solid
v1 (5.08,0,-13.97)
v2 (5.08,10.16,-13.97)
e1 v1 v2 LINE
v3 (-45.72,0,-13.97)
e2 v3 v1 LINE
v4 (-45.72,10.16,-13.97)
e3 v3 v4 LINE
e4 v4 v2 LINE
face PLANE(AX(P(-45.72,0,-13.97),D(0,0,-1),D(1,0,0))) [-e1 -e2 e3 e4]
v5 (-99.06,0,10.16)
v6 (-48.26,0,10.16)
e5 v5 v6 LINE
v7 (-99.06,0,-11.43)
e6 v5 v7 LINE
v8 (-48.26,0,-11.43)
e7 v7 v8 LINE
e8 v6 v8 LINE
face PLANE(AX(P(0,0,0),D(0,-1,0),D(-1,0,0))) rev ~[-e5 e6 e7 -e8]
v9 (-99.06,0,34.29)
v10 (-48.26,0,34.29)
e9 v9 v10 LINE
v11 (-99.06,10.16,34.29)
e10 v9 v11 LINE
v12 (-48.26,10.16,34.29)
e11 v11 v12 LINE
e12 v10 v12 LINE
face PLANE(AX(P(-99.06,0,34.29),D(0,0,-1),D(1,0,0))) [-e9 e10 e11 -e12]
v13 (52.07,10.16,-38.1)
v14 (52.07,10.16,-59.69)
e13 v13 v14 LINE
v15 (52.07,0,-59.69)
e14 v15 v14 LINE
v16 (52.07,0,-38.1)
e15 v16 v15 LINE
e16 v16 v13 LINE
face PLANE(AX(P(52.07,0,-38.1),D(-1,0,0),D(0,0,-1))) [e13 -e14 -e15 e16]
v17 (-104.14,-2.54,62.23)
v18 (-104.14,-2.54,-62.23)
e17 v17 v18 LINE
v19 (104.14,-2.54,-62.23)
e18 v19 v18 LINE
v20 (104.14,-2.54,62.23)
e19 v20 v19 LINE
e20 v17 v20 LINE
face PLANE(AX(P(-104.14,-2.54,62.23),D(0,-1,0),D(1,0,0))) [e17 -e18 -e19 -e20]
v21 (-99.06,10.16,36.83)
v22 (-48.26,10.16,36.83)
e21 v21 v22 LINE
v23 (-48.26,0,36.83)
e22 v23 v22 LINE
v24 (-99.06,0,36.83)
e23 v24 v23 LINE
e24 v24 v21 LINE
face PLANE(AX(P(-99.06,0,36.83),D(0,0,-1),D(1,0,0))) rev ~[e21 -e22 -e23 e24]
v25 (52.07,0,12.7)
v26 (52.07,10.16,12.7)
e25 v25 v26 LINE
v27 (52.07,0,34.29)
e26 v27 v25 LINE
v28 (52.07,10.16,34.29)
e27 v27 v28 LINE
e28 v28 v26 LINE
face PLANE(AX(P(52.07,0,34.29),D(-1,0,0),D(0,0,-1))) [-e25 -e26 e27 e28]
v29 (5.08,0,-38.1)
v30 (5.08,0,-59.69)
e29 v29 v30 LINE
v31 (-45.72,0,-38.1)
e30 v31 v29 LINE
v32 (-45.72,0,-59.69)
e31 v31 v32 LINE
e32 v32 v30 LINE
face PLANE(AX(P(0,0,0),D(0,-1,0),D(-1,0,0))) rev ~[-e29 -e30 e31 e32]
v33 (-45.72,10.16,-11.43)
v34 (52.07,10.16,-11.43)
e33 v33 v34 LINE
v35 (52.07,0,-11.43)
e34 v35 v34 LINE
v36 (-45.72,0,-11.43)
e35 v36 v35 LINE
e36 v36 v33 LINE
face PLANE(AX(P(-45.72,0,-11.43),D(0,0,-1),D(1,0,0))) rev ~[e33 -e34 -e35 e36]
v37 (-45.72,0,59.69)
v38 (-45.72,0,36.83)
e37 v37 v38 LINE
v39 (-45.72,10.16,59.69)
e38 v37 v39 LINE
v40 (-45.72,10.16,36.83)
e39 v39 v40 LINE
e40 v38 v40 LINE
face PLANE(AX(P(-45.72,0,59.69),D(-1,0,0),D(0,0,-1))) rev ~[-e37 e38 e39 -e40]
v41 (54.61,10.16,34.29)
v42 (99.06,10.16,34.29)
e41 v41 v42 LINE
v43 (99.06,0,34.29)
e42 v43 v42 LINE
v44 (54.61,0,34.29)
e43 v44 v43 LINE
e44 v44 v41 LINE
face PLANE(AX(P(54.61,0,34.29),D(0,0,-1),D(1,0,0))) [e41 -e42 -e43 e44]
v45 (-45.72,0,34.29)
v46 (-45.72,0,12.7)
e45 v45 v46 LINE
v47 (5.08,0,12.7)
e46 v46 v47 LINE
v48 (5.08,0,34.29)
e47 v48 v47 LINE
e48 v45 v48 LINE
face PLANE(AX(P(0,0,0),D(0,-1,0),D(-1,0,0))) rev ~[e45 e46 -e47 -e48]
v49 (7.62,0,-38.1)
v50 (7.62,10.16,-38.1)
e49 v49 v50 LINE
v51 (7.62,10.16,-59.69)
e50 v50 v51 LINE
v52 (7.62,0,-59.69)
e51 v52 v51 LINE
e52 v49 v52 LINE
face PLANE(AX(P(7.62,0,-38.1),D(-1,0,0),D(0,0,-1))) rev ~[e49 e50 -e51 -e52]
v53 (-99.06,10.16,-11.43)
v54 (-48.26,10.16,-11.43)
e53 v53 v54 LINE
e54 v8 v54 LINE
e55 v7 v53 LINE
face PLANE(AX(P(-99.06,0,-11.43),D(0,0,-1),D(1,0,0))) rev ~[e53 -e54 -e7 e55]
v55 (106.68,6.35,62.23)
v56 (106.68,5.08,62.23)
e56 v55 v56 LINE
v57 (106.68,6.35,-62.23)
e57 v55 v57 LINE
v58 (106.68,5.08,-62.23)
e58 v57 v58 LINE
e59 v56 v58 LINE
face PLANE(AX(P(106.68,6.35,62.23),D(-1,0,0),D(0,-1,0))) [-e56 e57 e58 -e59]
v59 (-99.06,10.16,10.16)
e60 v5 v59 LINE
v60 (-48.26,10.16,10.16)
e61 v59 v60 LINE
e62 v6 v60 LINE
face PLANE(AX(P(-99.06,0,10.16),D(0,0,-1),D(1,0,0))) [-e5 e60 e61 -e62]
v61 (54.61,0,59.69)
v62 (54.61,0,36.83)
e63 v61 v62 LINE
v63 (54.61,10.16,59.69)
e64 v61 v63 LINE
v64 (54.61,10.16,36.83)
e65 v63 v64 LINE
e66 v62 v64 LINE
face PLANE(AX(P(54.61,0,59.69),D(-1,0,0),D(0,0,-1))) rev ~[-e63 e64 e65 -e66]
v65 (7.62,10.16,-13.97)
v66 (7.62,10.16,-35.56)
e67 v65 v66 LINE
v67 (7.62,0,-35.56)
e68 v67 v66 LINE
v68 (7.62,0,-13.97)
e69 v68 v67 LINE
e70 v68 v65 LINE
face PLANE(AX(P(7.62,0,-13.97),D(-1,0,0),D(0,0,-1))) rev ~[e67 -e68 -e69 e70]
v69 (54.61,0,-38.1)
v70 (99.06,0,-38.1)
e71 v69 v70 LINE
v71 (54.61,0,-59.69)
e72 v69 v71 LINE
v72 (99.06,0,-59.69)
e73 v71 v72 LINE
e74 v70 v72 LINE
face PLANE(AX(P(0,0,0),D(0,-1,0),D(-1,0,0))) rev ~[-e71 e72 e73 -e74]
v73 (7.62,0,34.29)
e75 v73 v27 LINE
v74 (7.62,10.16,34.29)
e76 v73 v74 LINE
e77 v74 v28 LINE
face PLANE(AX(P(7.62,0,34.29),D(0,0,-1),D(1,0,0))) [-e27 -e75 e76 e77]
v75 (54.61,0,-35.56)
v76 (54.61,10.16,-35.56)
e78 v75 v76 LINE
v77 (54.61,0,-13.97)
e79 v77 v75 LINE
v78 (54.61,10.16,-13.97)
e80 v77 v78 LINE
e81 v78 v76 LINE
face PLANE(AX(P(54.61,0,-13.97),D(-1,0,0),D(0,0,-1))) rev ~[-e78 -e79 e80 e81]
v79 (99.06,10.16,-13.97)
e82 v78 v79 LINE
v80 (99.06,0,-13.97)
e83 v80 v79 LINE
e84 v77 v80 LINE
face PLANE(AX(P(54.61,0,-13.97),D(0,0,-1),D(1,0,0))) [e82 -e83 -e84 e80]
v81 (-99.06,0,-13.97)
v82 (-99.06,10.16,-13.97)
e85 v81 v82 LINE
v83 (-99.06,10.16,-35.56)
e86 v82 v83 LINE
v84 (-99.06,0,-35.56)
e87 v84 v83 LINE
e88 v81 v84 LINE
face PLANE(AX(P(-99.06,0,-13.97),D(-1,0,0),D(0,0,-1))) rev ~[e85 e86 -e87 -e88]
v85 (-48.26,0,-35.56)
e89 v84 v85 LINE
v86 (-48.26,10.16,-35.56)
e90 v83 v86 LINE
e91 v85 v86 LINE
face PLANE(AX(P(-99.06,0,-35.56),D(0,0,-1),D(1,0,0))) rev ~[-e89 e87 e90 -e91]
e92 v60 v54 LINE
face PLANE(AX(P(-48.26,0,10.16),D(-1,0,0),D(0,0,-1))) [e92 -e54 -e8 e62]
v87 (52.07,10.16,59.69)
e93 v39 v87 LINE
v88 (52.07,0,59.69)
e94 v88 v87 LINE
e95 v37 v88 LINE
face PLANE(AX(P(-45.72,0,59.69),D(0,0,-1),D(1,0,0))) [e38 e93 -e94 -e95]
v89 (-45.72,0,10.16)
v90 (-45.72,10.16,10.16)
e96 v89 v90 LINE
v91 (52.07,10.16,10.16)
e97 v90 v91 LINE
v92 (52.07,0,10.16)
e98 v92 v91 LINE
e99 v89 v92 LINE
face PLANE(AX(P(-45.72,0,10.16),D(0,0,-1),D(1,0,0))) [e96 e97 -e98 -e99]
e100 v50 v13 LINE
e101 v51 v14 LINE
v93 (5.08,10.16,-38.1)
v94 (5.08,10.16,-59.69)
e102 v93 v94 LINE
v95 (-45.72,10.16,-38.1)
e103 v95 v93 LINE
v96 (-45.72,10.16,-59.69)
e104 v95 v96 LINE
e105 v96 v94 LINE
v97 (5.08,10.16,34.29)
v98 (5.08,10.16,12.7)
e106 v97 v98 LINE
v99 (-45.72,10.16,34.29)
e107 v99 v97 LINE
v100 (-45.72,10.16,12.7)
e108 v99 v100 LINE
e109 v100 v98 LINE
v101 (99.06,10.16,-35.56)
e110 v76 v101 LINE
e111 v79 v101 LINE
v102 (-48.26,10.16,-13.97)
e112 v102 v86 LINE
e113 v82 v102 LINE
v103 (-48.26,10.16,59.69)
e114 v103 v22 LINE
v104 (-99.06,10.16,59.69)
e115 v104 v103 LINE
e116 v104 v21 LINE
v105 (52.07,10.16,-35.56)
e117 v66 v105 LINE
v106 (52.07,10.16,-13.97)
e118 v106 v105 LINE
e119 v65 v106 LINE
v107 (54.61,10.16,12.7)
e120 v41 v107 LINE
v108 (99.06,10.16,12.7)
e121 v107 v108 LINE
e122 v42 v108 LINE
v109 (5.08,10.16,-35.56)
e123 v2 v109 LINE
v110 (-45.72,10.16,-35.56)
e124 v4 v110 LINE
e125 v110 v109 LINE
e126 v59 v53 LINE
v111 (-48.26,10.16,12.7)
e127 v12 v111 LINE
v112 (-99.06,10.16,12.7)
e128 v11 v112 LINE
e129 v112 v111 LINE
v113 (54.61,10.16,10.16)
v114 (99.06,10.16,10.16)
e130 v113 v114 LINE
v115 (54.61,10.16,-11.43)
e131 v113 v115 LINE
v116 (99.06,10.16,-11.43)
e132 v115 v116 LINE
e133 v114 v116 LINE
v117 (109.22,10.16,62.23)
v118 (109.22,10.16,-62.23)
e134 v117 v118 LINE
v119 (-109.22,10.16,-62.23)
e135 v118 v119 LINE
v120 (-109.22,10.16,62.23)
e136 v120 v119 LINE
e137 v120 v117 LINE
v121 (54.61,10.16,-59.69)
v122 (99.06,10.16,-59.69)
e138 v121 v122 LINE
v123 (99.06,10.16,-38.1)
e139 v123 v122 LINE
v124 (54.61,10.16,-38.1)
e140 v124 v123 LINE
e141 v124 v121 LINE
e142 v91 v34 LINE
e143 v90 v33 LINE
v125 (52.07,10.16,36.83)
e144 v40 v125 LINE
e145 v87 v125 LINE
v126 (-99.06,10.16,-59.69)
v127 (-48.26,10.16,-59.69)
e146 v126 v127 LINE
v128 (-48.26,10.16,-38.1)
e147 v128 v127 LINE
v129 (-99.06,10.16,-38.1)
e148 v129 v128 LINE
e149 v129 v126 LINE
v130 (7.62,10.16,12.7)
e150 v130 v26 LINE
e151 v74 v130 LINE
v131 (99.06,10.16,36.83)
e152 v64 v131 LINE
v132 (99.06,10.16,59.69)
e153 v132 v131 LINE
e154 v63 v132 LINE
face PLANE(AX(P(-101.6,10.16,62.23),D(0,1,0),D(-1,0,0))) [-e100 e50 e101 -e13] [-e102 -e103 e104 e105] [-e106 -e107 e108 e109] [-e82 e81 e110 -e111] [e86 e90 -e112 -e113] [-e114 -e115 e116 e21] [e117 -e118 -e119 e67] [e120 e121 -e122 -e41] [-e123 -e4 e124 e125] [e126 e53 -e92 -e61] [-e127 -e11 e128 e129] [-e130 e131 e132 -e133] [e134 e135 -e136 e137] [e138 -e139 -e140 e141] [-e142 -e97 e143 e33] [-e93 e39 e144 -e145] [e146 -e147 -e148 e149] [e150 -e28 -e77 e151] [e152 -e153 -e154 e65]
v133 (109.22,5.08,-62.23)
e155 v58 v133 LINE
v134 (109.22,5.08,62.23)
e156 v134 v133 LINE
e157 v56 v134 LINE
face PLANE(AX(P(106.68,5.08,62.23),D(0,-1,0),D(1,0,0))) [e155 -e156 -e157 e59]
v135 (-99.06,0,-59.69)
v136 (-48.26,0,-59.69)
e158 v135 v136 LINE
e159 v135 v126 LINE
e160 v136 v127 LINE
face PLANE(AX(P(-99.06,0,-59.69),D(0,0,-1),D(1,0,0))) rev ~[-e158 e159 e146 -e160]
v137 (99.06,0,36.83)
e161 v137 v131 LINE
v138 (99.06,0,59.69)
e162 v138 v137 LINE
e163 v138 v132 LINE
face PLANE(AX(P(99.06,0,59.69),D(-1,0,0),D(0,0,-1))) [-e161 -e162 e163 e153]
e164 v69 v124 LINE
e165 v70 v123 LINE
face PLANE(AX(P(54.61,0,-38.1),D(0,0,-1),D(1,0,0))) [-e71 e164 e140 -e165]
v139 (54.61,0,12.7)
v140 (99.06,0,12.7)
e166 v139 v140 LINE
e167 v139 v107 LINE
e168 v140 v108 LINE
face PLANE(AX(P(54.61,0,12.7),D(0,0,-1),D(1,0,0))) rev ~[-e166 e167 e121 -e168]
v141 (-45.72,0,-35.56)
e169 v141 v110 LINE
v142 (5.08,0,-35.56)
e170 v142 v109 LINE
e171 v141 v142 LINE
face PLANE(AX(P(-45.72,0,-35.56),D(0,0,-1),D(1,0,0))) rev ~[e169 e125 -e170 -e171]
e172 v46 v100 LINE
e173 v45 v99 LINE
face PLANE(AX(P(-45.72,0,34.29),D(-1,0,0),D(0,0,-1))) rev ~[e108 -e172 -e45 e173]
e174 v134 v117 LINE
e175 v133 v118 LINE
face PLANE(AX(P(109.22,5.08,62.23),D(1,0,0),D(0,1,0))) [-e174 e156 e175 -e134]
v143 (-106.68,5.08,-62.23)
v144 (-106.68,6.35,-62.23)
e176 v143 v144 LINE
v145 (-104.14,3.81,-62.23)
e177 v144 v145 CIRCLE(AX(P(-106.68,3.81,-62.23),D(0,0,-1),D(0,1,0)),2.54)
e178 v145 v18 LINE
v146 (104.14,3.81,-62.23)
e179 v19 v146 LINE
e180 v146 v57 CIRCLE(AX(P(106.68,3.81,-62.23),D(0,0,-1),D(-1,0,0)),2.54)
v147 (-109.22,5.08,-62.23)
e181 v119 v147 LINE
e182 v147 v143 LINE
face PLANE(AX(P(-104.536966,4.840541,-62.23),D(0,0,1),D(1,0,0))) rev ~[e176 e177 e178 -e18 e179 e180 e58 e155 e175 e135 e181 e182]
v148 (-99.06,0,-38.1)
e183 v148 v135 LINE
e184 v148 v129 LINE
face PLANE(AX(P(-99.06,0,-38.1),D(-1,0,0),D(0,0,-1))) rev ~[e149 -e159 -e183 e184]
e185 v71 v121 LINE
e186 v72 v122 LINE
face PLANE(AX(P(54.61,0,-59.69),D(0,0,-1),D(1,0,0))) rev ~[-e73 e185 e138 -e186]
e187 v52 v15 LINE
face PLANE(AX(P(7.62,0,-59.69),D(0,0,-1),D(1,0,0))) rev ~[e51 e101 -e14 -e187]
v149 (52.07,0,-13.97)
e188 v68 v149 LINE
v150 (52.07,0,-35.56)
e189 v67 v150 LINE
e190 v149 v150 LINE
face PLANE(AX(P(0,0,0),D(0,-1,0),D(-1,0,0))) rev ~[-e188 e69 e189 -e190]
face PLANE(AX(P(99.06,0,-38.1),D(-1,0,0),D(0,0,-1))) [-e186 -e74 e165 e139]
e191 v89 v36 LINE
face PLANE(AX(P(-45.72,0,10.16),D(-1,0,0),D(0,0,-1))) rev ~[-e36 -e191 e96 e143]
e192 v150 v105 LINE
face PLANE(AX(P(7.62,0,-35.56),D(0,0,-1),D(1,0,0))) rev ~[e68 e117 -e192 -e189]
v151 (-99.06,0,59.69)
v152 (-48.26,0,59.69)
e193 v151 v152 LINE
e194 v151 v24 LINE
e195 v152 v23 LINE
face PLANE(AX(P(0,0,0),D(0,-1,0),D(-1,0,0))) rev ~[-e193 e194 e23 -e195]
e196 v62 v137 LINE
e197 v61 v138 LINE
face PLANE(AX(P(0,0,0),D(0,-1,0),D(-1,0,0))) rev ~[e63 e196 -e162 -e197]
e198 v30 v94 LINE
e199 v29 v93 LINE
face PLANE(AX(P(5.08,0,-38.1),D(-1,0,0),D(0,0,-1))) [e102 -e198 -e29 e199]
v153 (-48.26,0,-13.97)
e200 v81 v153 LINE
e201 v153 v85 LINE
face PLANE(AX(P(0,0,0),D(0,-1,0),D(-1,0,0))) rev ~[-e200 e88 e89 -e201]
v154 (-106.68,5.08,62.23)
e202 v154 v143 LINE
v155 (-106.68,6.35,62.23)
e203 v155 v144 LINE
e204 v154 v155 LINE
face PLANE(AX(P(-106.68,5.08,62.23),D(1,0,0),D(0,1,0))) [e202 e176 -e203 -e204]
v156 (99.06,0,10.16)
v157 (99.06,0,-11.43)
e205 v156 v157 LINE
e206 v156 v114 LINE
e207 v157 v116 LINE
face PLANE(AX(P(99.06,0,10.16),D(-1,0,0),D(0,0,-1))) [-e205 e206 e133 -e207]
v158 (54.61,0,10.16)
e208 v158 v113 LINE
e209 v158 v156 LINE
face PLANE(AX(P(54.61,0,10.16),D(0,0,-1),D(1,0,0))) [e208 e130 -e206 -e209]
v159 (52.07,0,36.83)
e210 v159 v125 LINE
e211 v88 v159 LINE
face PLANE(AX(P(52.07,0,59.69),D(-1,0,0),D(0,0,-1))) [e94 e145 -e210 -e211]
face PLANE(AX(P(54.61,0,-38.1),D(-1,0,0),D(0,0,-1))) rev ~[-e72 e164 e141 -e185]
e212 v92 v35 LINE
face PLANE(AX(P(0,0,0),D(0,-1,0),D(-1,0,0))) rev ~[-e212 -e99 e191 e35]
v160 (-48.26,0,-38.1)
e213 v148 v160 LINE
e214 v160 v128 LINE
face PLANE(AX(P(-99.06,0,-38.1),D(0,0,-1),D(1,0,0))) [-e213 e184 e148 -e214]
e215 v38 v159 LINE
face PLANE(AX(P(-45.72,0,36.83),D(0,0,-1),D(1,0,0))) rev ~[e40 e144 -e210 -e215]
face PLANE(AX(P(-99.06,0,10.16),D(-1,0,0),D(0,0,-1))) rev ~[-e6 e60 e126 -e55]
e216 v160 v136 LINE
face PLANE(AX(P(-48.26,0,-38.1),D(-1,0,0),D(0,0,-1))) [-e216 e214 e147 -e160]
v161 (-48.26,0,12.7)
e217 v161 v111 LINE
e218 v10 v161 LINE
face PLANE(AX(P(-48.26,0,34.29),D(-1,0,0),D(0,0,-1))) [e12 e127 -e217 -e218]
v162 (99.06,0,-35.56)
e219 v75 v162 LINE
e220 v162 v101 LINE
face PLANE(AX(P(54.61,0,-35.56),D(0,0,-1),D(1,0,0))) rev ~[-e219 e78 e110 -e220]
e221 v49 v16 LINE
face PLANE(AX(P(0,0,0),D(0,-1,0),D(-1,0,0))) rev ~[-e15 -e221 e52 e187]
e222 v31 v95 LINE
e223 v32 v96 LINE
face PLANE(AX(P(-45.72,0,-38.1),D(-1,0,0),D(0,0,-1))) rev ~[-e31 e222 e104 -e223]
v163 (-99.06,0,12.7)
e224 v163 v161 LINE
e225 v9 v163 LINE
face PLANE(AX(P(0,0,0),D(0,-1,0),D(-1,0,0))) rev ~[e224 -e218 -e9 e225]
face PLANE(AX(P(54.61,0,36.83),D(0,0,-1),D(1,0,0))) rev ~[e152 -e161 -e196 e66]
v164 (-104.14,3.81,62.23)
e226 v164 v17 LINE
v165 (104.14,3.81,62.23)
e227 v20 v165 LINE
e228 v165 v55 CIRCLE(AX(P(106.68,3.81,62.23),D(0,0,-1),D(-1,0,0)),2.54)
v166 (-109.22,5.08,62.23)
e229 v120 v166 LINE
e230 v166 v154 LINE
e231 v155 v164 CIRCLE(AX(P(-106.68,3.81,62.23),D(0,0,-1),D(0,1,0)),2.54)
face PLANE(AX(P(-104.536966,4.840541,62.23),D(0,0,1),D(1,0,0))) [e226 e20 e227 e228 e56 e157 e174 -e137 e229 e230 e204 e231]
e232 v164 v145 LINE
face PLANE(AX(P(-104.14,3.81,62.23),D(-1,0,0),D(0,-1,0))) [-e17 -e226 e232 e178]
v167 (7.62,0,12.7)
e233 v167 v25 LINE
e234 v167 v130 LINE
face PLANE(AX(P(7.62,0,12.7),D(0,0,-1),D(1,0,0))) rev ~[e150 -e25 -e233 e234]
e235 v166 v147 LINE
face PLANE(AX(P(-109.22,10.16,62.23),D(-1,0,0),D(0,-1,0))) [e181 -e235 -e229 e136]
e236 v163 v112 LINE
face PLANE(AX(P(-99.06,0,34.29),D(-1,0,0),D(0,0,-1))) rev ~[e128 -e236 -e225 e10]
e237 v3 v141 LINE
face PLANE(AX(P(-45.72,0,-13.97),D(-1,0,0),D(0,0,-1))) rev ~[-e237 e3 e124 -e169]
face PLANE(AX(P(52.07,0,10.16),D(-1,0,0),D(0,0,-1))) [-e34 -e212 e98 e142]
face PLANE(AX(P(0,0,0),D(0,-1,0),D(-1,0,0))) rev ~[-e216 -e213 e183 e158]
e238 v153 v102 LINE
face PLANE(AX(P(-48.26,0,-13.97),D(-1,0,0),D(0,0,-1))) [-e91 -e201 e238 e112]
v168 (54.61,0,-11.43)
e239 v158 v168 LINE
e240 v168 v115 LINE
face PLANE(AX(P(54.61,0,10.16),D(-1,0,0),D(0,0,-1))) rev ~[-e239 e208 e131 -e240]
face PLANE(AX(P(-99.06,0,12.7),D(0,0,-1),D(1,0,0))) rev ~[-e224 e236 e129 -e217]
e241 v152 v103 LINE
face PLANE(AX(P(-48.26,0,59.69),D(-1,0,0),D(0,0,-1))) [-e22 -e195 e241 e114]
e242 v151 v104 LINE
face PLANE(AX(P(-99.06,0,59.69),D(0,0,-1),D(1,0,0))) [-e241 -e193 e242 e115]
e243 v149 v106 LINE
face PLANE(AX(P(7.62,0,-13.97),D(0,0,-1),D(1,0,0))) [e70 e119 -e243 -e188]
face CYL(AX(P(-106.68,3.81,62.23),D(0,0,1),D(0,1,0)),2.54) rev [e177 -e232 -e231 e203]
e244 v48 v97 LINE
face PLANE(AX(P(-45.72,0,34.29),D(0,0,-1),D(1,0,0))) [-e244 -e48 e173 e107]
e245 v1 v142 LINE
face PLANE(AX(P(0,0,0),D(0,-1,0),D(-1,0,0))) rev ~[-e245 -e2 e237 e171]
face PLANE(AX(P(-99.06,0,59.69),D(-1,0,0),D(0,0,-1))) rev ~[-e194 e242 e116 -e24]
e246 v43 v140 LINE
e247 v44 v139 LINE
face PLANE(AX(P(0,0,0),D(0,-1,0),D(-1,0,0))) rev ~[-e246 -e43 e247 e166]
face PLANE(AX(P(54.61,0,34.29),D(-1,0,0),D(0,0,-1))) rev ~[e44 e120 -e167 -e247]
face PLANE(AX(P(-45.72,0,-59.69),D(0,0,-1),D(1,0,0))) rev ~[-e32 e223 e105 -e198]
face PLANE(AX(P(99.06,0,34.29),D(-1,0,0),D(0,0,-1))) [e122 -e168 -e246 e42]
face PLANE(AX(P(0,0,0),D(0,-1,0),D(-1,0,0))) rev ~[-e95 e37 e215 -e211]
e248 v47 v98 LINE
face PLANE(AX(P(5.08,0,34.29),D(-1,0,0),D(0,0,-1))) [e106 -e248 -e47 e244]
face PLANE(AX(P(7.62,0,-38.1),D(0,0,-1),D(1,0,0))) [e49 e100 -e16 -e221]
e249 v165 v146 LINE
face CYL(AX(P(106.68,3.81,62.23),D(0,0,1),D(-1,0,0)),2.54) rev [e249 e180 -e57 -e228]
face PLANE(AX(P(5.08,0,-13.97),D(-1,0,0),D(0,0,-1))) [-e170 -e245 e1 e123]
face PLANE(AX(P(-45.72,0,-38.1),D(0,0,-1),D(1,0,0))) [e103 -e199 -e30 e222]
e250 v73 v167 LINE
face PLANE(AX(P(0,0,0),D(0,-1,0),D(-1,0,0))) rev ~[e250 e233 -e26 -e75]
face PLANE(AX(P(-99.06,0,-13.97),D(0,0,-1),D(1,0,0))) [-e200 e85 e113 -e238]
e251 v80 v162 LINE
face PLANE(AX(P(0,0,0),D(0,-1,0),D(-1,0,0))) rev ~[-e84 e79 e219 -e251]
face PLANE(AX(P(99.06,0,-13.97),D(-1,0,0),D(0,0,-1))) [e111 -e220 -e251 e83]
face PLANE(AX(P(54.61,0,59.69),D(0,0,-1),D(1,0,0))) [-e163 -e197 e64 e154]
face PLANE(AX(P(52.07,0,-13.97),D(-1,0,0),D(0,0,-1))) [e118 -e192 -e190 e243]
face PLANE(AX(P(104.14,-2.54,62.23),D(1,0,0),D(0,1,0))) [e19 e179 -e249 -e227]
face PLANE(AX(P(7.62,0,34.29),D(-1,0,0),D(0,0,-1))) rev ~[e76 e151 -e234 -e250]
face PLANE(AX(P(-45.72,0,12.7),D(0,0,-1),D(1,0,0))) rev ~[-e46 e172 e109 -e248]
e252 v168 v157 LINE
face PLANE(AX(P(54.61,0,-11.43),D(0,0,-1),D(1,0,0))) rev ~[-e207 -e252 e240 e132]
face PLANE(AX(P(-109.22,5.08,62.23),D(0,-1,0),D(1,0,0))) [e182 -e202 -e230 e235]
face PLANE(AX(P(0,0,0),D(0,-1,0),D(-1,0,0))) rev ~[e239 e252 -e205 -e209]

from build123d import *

# Parameters (mm, degrees)
SKETCH1_W    = 203.2
SKETCH1_H    = 124.46
SKETCH1_W_2  = 44.45
SKETCH1_H_2  = 22.86
SKETCH1_H_3  = 21.59
SKETCH1_W_3  = 50.8
SKETCH1_W_4  = 97.79
TRAY_DEPTH   = 10.16
SKETCH3_W    = 203.2
SKETCH3_H    = 124.46
BASE_DEPTH   = 2.54
HANDLE_DEPTH = 124.46


with BuildPart() as part:
    # Sketch1 → tray (new body)
    with BuildSketch(Plane(origin=(0, 0, 0), x_dir=(1, 0, 0), z_dir=(0, 1, 0))):
        Rectangle(SKETCH1_W, SKETCH1_H)
        with Locations((76.835, -48.26)):
            Rectangle(SKETCH1_W_2, SKETCH1_H_2, mode=Mode.SUBTRACT)
        with Locations((76.835, 48.895)):
            Rectangle(SKETCH1_W_2, SKETCH1_H_3, mode=Mode.SUBTRACT)
        with Locations((-73.66, -48.26)):
            Rectangle(SKETCH1_W_3, SKETCH1_H_2, mode=Mode.SUBTRACT)
        with Locations((-73.66, 48.895)):
            Rectangle(SKETCH1_W_3, SKETCH1_H_3, mode=Mode.SUBTRACT)
        with Locations((-73.66, 24.765)):
            Rectangle(SKETCH1_W_3, SKETCH1_H_3, mode=Mode.SUBTRACT)
        with Locations((-73.66, 0.635)):
            Rectangle(SKETCH1_W_3, SKETCH1_H_3, mode=Mode.SUBTRACT)
        with Locations((-73.66, -23.495)):
            Rectangle(SKETCH1_W_3, SKETCH1_H_3, mode=Mode.SUBTRACT)
        with Locations((-20.32, 48.895)):
            Rectangle(SKETCH1_W_3, SKETCH1_H_3, mode=Mode.SUBTRACT)
        with Locations((29.845, 48.895)):
            Rectangle(SKETCH1_W_2, SKETCH1_H_3, mode=Mode.SUBTRACT)
        with Locations((-20.32, -23.495)):
            Rectangle(SKETCH1_W_3, SKETCH1_H_3, mode=Mode.SUBTRACT)
        with Locations((29.845, -23.495)):
            Rectangle(SKETCH1_W_2, SKETCH1_H_3, mode=Mode.SUBTRACT)
        with Locations((29.845, 24.765)):
            Rectangle(SKETCH1_W_2, SKETCH1_H_3, mode=Mode.SUBTRACT)
        with Locations((-20.32, 24.765)):
            Rectangle(SKETCH1_W_3, SKETCH1_H_3, mode=Mode.SUBTRACT)
        with Locations((3.175, 0.635)):
            Rectangle(SKETCH1_W_4, SKETCH1_H_3, mode=Mode.SUBTRACT)
        with Locations((3.175, -48.26)):
            Rectangle(SKETCH1_W_4, SKETCH1_H_2, mode=Mode.SUBTRACT)
        with Locations((76.835, -23.495)):
            Rectangle(SKETCH1_W_2, SKETCH1_H_3, mode=Mode.SUBTRACT)
        with Locations((76.835, 0.635)):
            Rectangle(SKETCH1_W_2, SKETCH1_H_3, mode=Mode.SUBTRACT)
        with Locations((76.835, 24.765)):
            Rectangle(SKETCH1_W_2, SKETCH1_H_3, mode=Mode.SUBTRACT)
    extrude(amount=TRAY_DEPTH)

    # Sketch3 → base (add)
    with BuildSketch(Plane(origin=(0, 0, 0), x_dir=(-1, 0, 0), z_dir=(0, -1, 0))):
        Rectangle(SKETCH3_W, SKETCH3_H)
    extrude(amount=BASE_DEPTH)

    # Sketch4 → handle (add)
    with BuildSketch(Plane.XY.offset(62.23)):
        with BuildLine():
            Line((-101.6, -2.54), (-101.6, 10.16))
            Line((-101.6, 10.16), (-109.22, 10.16))
            Line((-109.22, 10.16), (-109.22, 5.08))
            Line((-109.22, 5.08), (-106.68, 5.08))
            Line((-106.68, 5.08), (-106.68, 6.35))
            ThreePointArc((-106.68, 6.35), (-104.883948776, 5.606051224), (-104.14, 3.81))
            Line((-104.14, 3.81), (-104.14, -2.54))
            Line((-104.14, -2.54), (-101.6, -2.54))
        make_face()
        with BuildLine():
            Line((101.6, -2.54), (104.14, -2.54))
            Line((104.14, -2.54), (104.14, 3.81))
            ThreePointArc((104.14, 3.81), (104.883948776, 5.606051224), (106.68, 6.35))
            Line((106.68, 6.35), (106.68, 5.08))
            Line((106.68, 5.08), (109.22, 5.08))
            Line((109.22, 5.08), (109.22, 10.16))
            Line((109.22, 10.16), (101.6, 10.16))
            Line((101.6, 10.16), (101.6, -2.54))
        make_face()
    extrude(amount=-HANDLE_DEPTH)


solid = part.part
